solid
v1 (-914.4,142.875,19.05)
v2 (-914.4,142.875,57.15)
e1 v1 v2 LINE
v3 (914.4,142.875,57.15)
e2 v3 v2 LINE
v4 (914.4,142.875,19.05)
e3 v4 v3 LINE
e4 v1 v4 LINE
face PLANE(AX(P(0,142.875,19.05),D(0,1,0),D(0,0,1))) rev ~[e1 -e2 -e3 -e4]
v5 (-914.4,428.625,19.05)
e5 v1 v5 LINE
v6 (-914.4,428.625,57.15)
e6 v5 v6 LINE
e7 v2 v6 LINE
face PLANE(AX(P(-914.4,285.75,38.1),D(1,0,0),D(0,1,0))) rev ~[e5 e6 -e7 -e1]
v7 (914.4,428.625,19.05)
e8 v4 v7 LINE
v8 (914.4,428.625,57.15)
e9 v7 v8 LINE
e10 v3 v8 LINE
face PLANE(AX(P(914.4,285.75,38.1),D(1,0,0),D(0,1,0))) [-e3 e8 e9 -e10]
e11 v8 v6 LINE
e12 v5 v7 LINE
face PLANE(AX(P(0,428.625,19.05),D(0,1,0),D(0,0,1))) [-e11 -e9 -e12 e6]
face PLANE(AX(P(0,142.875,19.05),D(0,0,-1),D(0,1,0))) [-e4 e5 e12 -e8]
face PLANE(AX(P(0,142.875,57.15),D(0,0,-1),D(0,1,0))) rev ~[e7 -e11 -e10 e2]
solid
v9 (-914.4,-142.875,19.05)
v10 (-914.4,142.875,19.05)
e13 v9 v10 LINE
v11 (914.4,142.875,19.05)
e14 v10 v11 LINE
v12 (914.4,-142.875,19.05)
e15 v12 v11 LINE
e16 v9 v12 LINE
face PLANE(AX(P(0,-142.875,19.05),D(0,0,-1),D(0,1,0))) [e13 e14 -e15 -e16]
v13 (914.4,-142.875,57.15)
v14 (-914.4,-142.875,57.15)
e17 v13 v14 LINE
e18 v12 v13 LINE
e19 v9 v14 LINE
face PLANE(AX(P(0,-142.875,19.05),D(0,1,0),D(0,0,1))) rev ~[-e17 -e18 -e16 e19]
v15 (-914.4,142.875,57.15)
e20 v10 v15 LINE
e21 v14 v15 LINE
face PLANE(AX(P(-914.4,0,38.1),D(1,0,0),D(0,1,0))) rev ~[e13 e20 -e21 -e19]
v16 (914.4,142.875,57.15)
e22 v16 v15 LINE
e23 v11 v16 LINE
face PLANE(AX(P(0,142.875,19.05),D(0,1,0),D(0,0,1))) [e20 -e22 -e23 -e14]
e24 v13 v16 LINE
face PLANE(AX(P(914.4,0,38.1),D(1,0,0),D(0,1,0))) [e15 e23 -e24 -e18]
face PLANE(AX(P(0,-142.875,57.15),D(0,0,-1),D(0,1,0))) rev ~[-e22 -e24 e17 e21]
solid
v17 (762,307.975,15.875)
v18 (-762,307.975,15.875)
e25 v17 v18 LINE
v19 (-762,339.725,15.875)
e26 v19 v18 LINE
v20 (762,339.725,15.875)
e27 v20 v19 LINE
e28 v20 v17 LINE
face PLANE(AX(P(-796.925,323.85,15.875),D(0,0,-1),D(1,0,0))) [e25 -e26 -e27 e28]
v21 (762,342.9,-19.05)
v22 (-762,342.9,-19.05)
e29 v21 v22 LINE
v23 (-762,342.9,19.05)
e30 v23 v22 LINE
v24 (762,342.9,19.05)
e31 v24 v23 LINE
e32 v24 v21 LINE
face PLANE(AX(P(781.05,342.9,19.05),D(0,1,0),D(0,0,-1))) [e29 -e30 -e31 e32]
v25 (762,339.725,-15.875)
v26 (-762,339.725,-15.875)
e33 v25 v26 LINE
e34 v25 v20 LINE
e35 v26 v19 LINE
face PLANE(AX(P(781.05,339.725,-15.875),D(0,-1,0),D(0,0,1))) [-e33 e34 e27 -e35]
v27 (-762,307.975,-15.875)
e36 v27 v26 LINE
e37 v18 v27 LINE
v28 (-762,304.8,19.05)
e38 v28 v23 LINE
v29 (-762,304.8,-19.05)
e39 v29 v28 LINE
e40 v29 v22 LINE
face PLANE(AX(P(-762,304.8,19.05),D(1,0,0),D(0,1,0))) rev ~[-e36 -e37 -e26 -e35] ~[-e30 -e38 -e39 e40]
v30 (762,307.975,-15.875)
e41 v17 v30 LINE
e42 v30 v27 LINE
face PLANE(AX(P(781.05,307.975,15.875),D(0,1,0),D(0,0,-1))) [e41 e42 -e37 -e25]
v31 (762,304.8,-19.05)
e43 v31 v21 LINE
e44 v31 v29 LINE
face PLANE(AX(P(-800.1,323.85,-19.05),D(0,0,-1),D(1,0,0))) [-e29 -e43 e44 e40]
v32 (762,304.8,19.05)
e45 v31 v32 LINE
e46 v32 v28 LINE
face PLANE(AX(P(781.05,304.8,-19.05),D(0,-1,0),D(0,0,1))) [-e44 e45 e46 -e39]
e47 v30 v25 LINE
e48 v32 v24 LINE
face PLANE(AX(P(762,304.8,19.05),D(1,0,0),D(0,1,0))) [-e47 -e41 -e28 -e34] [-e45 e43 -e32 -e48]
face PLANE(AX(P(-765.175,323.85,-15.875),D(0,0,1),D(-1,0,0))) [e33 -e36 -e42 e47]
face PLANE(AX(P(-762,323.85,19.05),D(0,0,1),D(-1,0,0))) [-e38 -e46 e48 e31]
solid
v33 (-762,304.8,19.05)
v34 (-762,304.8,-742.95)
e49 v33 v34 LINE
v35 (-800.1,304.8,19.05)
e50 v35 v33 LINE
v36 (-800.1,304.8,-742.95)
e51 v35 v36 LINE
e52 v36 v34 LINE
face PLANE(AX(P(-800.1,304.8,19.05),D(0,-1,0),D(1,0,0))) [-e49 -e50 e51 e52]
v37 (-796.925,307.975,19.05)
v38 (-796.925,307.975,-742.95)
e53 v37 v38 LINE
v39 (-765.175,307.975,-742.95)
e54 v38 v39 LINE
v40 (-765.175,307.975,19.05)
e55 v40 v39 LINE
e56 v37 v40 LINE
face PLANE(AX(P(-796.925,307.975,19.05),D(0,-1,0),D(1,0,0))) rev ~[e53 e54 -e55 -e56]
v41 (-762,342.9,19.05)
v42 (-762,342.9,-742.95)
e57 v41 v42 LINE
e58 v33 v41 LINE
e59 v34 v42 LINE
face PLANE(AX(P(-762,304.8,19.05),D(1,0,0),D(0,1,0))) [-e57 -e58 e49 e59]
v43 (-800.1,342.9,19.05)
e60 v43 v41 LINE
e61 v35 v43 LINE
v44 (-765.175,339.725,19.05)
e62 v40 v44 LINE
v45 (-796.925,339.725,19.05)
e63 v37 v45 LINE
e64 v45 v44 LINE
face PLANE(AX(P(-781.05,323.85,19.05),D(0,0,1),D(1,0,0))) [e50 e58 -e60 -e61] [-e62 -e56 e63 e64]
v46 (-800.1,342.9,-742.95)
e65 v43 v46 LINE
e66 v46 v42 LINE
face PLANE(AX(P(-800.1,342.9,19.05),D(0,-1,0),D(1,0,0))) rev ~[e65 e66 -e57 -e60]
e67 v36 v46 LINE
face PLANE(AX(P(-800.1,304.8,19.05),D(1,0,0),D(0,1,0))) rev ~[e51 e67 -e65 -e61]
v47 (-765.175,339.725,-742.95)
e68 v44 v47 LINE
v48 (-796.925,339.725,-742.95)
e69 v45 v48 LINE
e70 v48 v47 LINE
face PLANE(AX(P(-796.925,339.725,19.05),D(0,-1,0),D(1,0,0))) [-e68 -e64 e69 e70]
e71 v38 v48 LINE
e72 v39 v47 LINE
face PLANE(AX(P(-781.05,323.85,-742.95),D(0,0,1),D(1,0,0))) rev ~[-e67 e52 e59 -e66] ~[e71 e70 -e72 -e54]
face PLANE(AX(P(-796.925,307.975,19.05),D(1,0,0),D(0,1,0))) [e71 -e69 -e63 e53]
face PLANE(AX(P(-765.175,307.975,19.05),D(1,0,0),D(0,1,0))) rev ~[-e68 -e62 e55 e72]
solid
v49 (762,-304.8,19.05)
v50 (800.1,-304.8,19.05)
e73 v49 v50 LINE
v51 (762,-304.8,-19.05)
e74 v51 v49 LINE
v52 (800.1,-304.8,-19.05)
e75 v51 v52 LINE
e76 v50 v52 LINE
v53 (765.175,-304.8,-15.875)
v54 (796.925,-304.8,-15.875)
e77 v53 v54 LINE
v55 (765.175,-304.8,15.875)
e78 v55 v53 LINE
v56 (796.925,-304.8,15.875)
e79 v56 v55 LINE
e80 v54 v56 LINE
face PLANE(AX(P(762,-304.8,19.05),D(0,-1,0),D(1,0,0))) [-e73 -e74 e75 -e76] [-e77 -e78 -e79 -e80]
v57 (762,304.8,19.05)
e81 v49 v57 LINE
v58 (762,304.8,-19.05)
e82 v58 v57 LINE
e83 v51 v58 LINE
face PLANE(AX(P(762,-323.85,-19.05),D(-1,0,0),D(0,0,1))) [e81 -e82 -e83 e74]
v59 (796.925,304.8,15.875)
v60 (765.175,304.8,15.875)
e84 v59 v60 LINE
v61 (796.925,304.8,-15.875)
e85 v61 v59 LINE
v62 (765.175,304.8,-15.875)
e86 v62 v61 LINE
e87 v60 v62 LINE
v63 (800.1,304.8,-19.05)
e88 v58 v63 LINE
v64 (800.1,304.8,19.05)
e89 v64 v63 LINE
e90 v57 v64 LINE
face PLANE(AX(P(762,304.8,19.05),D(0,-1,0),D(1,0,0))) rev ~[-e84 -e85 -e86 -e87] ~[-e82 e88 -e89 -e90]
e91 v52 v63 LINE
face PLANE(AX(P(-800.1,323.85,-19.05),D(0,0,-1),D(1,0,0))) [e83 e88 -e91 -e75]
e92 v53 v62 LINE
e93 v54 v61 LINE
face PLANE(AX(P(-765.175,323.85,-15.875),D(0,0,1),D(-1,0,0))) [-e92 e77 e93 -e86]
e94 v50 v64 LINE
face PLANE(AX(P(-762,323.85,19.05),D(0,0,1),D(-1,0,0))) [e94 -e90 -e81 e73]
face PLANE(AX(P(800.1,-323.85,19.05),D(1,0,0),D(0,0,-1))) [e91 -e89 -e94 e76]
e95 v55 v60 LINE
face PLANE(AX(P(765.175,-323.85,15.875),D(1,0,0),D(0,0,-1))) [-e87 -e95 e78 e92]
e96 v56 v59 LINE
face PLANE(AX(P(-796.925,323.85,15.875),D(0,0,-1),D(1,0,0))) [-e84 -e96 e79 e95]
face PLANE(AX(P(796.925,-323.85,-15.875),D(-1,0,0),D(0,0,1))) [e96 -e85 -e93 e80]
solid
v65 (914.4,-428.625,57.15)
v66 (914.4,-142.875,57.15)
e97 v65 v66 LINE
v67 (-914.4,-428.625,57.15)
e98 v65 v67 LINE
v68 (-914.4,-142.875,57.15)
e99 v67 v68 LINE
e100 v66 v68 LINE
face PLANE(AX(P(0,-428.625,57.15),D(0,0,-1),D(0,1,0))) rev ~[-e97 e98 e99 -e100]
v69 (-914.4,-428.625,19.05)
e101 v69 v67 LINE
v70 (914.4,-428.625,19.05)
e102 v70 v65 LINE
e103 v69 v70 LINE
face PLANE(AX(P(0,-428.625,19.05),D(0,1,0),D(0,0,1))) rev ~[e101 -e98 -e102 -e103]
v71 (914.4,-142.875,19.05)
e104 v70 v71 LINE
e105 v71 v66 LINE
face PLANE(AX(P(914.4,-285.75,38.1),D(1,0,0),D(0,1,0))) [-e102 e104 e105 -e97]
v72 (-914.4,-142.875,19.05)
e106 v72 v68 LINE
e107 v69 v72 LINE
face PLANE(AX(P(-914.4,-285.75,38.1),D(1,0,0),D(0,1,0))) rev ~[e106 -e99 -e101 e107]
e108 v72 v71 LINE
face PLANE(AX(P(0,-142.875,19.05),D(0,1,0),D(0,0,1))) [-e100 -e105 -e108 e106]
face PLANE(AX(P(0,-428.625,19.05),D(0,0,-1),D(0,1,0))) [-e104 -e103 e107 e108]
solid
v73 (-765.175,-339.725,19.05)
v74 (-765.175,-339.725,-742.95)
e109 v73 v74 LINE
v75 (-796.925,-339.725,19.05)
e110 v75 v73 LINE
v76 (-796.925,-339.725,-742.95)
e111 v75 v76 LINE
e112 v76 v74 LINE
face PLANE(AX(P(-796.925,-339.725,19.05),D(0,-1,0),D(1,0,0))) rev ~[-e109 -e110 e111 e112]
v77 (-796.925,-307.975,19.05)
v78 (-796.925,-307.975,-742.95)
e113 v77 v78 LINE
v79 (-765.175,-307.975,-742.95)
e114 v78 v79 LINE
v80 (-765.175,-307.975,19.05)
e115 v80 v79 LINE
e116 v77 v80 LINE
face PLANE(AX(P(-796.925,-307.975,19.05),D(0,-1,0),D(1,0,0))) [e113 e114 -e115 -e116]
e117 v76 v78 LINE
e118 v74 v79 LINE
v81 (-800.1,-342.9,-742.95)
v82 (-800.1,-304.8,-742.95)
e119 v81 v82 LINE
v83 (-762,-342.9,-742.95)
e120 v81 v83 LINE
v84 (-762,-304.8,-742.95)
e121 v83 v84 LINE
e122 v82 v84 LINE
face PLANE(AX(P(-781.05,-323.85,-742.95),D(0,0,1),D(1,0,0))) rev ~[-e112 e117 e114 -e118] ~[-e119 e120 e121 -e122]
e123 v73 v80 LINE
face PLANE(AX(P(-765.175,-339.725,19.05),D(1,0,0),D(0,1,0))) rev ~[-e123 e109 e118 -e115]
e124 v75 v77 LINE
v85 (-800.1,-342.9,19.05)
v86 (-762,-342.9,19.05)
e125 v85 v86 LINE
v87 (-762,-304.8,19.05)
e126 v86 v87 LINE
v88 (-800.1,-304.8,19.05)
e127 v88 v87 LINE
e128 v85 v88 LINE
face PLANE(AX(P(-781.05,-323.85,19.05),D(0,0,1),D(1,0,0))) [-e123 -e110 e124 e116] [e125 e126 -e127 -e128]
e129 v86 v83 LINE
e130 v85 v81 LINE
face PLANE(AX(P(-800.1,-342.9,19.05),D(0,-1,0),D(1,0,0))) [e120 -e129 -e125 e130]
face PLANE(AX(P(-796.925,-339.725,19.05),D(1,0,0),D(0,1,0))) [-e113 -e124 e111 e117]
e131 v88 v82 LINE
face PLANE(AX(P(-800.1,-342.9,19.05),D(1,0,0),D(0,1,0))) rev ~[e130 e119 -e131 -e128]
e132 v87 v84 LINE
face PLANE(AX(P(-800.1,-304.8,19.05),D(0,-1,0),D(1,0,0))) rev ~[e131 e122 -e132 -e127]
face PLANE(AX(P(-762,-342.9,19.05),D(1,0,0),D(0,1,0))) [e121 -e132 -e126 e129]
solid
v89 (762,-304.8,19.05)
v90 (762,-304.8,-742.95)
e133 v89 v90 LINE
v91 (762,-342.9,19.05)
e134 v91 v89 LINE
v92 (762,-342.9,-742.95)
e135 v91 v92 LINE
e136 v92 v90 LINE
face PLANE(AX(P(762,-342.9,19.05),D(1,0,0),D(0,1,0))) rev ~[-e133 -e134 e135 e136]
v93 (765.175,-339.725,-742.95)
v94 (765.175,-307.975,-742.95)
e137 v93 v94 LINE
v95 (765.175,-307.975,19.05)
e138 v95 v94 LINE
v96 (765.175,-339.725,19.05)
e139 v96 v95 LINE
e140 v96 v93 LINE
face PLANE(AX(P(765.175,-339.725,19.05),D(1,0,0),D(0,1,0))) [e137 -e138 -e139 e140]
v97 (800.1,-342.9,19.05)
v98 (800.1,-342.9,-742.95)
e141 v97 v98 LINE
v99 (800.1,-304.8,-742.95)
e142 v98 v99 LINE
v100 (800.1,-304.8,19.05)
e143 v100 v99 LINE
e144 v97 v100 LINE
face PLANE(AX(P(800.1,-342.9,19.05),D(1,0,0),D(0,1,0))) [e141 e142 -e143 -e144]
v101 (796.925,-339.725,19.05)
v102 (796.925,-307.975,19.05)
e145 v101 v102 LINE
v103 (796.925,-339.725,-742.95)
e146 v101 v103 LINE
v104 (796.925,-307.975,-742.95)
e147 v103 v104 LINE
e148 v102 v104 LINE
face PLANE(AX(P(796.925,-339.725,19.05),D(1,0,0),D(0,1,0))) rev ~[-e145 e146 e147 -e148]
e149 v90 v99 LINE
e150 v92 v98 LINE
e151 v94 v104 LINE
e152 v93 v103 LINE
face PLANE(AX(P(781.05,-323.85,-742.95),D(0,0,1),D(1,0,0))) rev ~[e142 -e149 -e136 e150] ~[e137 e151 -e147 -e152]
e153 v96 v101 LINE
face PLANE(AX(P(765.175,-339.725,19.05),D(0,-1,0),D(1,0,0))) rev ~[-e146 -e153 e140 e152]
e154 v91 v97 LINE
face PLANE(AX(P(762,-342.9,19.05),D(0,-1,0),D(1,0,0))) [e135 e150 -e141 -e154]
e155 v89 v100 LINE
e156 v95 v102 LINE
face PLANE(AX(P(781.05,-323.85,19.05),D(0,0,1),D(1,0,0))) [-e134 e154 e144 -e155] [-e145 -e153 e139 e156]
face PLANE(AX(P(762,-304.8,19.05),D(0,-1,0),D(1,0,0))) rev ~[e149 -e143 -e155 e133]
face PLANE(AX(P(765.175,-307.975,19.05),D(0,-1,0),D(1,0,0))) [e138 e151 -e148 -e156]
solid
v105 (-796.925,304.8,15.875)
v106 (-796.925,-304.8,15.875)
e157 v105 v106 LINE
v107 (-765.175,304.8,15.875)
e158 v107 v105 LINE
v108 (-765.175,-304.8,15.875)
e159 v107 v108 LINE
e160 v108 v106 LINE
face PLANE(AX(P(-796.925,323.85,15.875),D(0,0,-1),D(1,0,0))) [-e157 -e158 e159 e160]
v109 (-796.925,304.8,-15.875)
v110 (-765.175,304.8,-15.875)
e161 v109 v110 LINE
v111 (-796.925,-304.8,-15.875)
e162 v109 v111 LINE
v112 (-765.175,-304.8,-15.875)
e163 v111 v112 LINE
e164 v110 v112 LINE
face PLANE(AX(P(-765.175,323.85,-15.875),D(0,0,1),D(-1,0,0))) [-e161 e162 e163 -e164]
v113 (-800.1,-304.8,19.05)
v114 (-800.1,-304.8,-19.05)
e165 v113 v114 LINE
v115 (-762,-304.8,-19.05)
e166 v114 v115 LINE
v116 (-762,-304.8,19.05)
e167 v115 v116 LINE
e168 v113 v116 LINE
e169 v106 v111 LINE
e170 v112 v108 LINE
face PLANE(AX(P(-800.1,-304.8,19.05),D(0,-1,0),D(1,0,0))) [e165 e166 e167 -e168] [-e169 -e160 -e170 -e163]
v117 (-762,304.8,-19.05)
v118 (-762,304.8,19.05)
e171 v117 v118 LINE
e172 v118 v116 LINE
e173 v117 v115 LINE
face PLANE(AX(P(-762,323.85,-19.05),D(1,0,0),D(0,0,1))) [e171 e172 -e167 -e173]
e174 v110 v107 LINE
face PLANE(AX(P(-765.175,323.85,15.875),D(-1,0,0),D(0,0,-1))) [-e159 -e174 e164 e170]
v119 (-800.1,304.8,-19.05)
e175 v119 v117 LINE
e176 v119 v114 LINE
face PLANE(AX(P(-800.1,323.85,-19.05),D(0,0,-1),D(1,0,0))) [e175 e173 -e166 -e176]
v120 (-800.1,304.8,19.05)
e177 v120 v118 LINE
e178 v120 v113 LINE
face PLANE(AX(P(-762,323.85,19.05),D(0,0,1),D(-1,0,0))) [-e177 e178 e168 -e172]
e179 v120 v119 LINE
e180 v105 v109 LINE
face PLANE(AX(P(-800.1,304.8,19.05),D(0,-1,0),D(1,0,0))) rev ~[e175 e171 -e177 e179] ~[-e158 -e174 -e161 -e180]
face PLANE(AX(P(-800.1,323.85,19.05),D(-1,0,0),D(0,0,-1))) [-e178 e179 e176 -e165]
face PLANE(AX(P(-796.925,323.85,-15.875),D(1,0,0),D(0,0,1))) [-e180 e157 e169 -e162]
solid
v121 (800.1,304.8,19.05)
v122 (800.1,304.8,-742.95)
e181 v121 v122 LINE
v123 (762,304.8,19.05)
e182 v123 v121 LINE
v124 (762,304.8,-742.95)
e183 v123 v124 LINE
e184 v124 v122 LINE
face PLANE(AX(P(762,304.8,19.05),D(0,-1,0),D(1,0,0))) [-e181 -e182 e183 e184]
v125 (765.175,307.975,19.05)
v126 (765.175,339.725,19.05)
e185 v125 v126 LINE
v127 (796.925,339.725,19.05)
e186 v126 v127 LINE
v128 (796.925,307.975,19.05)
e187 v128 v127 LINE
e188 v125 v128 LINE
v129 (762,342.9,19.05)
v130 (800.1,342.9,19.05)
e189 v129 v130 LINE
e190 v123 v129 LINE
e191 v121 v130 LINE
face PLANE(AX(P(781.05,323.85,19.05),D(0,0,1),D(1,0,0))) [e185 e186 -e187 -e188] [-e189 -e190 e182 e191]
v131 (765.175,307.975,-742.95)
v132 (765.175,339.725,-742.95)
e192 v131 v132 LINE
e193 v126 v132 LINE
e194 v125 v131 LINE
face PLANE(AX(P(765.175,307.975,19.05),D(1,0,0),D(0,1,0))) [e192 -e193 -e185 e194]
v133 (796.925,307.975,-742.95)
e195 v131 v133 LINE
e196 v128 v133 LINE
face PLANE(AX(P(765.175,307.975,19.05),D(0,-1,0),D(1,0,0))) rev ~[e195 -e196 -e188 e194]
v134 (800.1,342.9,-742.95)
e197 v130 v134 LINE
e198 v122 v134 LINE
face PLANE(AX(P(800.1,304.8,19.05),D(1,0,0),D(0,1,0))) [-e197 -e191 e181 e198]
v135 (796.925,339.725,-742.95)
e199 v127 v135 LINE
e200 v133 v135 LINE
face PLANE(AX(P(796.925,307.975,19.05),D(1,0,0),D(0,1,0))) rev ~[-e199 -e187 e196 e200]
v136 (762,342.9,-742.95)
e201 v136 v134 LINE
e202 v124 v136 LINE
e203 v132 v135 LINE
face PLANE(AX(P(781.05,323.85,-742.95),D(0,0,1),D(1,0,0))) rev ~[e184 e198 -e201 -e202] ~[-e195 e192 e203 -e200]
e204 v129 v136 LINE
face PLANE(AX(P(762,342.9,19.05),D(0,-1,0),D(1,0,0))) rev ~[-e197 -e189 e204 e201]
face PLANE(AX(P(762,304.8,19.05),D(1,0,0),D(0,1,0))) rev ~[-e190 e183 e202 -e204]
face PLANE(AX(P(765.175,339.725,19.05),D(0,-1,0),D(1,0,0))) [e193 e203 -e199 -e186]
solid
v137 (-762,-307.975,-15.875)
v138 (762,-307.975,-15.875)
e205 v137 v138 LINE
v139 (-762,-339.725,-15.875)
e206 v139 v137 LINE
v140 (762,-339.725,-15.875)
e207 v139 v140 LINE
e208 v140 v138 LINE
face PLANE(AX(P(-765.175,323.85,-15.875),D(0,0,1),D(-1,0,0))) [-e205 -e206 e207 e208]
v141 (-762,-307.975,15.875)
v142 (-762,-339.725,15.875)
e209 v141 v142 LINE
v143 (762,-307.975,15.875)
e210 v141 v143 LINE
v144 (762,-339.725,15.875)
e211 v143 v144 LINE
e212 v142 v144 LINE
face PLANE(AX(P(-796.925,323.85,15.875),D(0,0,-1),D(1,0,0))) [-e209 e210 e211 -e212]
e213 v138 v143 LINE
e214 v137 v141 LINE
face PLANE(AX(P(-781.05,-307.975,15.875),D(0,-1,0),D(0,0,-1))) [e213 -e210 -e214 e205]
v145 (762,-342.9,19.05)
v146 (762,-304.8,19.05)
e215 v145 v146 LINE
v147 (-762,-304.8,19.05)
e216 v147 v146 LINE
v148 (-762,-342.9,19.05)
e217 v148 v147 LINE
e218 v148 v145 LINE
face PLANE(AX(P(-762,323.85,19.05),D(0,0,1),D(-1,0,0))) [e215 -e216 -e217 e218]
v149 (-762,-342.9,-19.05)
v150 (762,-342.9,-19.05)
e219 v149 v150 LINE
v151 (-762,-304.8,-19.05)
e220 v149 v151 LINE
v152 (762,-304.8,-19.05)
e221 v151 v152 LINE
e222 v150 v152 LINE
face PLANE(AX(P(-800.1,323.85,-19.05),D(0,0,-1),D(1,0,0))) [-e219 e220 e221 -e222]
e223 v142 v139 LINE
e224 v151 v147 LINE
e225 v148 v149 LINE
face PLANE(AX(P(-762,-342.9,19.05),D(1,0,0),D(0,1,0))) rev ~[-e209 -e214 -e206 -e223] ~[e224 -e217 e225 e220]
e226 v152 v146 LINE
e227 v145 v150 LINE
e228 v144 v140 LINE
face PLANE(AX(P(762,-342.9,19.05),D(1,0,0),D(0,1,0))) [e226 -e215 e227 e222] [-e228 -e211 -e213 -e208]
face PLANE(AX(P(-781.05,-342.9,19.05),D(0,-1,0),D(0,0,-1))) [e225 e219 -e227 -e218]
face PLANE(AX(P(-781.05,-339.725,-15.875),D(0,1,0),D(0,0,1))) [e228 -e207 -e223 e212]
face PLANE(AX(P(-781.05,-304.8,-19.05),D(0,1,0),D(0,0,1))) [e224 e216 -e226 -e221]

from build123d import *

# Parameters (mm, degrees)
F3_W           = 38.1
F3_H           = 38.1
F4_DEPTH       = 38.1
F5_W           = 38.1
F5_H           = 38.1
F5_W_2         = 31.75
F5_H_2         = 31.75
F6_DEPTH       = 762
F7_W           = 285.75
F7_H           = 38.1
F8_DEPTH       = 914.4
F8_DEPTH_BACK  = 914.4
F9_W           = 285.75
F9_H           = 38.1
F10_DEPTH      = 914.4
F10_DEPTH_BACK = 914.4


with BuildPart() as f2:
    # F2: sweep along a path in F0
    with BuildLine(Plane.XY) as f2_path:
        Line((-781.05, 323.85), (-781.05, -323.85))
        Line((-781.05, -323.85), (781.05, -323.85))
        Line((781.05, -323.85), (781.05, 323.85))
        Line((781.05, 323.85), (-781.05, 323.85))
    # F1 (on Front) → F2 (sweep)
    with BuildSketch(Plane.XZ):
        Polygon((-762, -19.05), (-762, 0), (-762, 19.05), (-800.1, 19.05), (-800.1, -19.05), align=None)
        Polygon((-765.175, 15.875), (-765.175, 0), (-765.175, -15.875), (-796.925, -15.875), (-796.925, 15.875), align=None, mode=Mode.SUBTRACT)
    sweep(path=f2_path.line, transition=Transition.RIGHT)

    # F3 (on face) → F4 (cut)
    with BuildSketch(Plane.XY.offset(19.05)):
        with Locations((-781.05, 323.85)):
            Rectangle(F3_W, F3_H)
        with Locations((781.05, 323.85)):
            Rectangle(F3_W, F3_H)
        with Locations((781.05, -323.85)):
            Rectangle(F3_W, F3_H)
        with Locations((-781.05, -323.85)):
            Rectangle(F3_W, F3_H)
    extrude(amount=-F4_DEPTH, mode=Mode.SUBTRACT)


with BuildPart() as f6:
    # F5 (on face) → F6 (new body)
    with BuildSketch(Plane.XY.offset(19.05)):
        with Locations((-781.05, 323.85)):
            Rectangle(F5_W, F5_H)
        with Locations((-781.05, 323.85)):
            Rectangle(F5_W_2, F5_H_2, mode=Mode.SUBTRACT)
    extrude(amount=-F6_DEPTH)


with BuildPart() as f6b:
    # F5 (on face) → F6, piece 2 (new body)
    with BuildSketch(Plane.XY.offset(19.05)):
        with Locations((781.05, 323.85)):
            Rectangle(F5_W, F5_H)
        with Locations((781.05, 323.85)):
            Rectangle(F5_W_2, F5_H_2, mode=Mode.SUBTRACT)
    extrude(amount=-F6_DEPTH)


with BuildPart() as f6c:
    # F5 (on face) → F6, piece 3 (new body)
    with BuildSketch(Plane.XY.offset(19.05)):
        with Locations((781.05, -323.85)):
            Rectangle(F5_W, F5_H)
        with Locations((781.05, -323.85)):
            Rectangle(F5_W_2, F5_H_2, mode=Mode.SUBTRACT)
    extrude(amount=-F6_DEPTH)


with BuildPart() as f6d:
    # F5 (on face) → F6, piece 4 (new body)
    with BuildSketch(Plane.XY.offset(19.05)):
        with Locations((-781.05, -323.85)):
            Rectangle(F5_W, F5_H)
        with Locations((-781.05, -323.85)):
            Rectangle(F5_W_2, F5_H_2, mode=Mode.SUBTRACT)
    extrude(amount=-F6_DEPTH)


with BuildPart() as f8:
    # F7 (on Right) → F8 (new body, two sides)
    with BuildSketch(Plane.YZ) as f8_sk:
        with Locations((0, 38.1)):
            Rectangle(F7_W, F7_H)
    extrude(amount=F8_DEPTH)
    extrude(f8_sk.sketch, amount=-F8_DEPTH_BACK)


with BuildPart() as f10:
    # F9 (on Right) → F10 (new body, two sides)
    with BuildSketch(Plane.YZ) as f10_sk:
        with Locations((285.75, 38.1)):
            Rectangle(F9_W, F9_H)
    extrude(amount=F10_DEPTH)
    extrude(f10_sk.sketch, amount=-F10_DEPTH_BACK)


with BuildPart() as f10b:
    # F9 (on Right) → F10, piece 2 (new body, two sides)
    with BuildSketch(Plane.YZ) as f10_2_sk:
        with Locations((-285.75, 38.1)):
            Rectangle(F9_W, F9_H)
    extrude(amount=F10_DEPTH)
    extrude(f10_2_sk.sketch, amount=-F10_DEPTH_BACK)


solid = Compound([f2.part, f6.part, f6b.part, f6c.part, f6d.part, f8.part, f10.part, f10b.part])
